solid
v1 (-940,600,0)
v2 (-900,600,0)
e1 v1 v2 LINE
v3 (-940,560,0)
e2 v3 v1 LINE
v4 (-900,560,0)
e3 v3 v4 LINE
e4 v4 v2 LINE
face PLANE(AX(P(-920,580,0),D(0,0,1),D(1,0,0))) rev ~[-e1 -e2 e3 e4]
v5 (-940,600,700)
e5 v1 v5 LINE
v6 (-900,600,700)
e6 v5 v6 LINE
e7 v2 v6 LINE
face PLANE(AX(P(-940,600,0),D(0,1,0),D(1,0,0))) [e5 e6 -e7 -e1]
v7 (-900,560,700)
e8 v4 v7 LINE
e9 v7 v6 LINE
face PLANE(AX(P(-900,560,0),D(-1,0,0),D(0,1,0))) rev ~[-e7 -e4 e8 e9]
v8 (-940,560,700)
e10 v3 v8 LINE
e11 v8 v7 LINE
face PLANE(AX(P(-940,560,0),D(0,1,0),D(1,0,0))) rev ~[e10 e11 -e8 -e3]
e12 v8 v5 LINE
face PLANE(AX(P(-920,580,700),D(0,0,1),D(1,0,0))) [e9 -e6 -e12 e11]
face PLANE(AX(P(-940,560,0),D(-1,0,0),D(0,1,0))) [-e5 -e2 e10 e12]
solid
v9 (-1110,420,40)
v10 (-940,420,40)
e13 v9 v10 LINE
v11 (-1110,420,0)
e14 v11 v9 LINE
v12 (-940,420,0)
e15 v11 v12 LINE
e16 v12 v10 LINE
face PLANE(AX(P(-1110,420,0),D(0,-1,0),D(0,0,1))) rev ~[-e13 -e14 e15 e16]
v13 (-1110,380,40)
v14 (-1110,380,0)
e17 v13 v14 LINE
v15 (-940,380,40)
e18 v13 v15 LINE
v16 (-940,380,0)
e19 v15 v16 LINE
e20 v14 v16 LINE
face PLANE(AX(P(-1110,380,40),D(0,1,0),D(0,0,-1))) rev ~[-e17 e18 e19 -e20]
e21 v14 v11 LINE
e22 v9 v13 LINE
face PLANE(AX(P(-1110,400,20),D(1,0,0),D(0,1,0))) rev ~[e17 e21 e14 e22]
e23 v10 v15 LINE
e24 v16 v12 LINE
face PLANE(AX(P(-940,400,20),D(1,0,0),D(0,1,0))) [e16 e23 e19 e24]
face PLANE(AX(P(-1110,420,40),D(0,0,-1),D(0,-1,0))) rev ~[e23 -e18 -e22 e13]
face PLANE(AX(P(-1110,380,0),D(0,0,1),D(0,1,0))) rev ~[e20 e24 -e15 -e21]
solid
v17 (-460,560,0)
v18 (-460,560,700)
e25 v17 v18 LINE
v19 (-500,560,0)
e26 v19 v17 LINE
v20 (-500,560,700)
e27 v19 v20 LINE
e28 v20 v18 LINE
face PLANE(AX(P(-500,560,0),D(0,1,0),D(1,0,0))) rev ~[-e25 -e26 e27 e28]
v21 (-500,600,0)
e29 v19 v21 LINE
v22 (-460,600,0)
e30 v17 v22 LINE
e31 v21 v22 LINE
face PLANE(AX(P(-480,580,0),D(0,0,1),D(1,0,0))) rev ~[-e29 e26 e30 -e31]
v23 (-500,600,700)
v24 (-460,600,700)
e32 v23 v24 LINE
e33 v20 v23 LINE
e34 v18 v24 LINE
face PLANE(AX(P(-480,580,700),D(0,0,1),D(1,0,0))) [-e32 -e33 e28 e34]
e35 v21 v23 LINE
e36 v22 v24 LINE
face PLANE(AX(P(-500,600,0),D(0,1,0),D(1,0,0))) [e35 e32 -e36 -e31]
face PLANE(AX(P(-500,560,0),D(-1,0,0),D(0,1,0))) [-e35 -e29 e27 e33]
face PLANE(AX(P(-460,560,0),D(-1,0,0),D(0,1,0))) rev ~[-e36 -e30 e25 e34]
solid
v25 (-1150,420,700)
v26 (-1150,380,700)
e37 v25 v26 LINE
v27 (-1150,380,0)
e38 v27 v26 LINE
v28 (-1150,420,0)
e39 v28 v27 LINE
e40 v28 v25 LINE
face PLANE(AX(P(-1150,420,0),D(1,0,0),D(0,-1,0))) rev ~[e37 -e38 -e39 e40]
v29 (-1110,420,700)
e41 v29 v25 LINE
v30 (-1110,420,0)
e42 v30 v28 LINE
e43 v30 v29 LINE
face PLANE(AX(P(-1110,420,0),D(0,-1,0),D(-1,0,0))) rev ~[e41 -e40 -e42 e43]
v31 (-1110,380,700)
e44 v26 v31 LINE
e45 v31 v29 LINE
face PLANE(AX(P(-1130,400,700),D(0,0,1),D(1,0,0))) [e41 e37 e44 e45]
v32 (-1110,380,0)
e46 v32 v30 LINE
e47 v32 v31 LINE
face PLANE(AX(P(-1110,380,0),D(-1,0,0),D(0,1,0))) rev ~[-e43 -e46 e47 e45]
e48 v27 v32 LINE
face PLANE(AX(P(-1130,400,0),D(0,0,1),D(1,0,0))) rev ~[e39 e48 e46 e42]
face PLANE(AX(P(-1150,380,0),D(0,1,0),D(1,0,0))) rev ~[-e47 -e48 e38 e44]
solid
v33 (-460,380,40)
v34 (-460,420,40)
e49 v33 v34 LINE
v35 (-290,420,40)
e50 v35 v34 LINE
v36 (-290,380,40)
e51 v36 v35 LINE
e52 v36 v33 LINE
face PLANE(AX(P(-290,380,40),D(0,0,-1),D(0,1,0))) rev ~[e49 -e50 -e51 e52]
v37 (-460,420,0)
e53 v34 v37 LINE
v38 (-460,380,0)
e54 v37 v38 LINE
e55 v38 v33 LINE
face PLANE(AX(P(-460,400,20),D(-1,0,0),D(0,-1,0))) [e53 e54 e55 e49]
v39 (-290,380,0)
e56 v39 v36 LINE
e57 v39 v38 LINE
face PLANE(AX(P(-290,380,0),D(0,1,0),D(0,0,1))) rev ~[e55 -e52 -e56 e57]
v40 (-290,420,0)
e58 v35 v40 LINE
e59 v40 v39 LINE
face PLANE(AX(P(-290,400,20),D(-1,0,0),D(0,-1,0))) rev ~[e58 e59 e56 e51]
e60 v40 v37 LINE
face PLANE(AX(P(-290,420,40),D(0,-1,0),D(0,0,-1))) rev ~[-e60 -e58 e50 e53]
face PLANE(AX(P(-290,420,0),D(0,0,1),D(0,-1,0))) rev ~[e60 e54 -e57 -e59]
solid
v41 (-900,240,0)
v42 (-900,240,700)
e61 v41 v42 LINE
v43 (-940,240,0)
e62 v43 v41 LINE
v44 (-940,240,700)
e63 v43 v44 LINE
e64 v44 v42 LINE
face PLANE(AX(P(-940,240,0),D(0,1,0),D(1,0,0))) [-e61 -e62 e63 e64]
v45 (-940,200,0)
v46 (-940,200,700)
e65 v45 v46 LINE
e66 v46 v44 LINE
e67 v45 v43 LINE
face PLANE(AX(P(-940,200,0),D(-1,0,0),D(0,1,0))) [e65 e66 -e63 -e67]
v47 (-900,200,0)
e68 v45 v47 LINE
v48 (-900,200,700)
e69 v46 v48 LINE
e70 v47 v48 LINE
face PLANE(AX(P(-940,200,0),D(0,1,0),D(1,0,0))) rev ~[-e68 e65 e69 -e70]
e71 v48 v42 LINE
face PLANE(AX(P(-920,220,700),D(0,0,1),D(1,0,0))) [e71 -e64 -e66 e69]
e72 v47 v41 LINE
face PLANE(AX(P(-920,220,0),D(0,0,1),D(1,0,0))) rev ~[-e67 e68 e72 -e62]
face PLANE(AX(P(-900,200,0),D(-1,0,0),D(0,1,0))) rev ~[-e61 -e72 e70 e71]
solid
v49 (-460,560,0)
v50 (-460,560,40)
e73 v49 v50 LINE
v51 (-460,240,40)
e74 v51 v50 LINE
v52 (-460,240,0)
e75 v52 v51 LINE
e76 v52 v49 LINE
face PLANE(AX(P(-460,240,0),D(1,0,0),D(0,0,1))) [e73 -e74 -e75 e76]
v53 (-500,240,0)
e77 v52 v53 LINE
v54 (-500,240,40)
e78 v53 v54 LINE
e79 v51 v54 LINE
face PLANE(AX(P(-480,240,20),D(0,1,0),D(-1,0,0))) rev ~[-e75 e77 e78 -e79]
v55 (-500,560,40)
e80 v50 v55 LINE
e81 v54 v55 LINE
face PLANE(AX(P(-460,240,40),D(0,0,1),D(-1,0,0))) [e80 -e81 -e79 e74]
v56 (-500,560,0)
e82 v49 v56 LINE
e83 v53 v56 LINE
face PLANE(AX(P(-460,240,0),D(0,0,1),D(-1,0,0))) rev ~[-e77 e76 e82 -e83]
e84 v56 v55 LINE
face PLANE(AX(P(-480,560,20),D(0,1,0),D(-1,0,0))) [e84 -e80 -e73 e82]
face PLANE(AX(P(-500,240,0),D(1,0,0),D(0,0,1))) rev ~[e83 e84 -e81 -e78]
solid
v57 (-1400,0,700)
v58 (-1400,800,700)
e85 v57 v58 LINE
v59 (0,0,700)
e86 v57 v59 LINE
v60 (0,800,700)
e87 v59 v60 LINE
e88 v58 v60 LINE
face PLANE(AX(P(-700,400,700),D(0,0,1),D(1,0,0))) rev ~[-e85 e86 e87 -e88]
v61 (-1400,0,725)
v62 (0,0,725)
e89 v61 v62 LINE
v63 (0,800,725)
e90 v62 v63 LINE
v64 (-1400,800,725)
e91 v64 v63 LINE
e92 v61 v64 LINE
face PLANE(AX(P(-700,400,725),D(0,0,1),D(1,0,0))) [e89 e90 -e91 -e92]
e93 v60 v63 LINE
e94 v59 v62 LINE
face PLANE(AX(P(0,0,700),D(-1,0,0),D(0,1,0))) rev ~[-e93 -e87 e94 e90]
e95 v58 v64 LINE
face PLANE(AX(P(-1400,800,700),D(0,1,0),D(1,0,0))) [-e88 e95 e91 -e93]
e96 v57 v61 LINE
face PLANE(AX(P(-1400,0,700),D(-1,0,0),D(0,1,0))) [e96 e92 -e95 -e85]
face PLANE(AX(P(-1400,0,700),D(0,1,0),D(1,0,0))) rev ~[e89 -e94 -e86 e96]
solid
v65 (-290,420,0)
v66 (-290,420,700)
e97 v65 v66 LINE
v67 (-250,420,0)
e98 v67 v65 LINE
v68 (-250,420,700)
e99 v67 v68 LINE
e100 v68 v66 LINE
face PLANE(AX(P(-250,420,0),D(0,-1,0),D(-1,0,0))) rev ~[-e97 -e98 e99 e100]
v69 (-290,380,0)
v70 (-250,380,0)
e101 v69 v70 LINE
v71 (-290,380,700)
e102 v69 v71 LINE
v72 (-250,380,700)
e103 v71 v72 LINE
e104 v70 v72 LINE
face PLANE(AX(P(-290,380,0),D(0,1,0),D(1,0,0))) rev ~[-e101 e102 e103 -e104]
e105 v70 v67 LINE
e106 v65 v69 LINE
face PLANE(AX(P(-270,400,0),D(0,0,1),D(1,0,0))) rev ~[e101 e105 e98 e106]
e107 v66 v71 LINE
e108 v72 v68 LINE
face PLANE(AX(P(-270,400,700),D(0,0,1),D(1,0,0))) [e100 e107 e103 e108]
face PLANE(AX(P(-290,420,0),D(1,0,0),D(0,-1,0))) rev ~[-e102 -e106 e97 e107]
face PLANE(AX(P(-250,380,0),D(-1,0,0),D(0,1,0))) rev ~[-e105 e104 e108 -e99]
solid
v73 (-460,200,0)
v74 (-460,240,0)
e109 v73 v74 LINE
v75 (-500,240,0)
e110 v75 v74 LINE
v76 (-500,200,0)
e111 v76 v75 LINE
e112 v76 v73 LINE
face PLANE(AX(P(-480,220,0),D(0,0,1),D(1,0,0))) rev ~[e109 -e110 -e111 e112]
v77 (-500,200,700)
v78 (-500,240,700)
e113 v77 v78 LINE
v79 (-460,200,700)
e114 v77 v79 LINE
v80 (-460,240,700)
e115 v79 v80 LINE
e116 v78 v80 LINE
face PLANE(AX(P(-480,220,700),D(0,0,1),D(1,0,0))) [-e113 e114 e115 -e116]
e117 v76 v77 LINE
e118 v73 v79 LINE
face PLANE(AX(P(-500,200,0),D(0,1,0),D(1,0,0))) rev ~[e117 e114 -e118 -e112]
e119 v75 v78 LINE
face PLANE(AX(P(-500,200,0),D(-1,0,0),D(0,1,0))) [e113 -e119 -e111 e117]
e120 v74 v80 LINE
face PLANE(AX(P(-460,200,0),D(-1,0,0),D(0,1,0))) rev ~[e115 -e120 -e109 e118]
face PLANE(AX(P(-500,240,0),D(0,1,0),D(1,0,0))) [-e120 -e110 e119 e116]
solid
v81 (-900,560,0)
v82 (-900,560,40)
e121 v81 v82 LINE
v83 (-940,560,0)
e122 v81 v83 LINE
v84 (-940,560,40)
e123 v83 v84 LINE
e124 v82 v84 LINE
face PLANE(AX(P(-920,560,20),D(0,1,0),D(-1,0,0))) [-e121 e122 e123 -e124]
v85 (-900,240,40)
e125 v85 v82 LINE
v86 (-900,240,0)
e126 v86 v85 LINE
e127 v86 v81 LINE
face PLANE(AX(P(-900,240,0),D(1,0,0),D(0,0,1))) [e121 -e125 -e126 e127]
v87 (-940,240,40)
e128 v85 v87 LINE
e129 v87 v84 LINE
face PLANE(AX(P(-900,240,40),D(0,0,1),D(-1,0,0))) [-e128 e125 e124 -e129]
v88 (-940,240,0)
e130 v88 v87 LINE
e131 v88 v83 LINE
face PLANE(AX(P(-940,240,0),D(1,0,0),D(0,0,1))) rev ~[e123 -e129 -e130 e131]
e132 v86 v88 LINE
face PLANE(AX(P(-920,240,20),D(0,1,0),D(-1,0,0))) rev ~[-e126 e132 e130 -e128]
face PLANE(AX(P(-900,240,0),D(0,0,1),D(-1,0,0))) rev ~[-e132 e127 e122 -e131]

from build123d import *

# Parameters (mm, degrees)
F0_W      = 40
F0_H      = 40
F1_DEPTH  = 700
F3_W      = 40
F3_H      = 40
F4_DEPTH  = 320
F7_DEPTH  = 170
F10_DEPTH = 170
F12_W     = 1400
F12_H     = 800
F13_DEPTH = 25


with BuildPart() as f1:
    # F0 (on Top) → F1 (new body)
    with BuildSketch(Plane.XY):
        with Locations((-920, 580)):
            Rectangle(F0_W, F0_H)
    extrude(amount=F1_DEPTH)


with BuildPart() as f1b:
    # F0 (on Top) → F1, piece 2 (new body)
    with BuildSketch(Plane.XY):
        Polygon((-1150, 420), (-1150, 400), (-1150, 380), (-1110, 380), (-1110, 420), align=None)
    extrude(amount=F1_DEPTH)


with BuildPart() as f1c:
    # F0 (on Top) → F1, piece 3 (new body)
    with BuildSketch(Plane.XY):
        with Locations((-920, 220)):
            Rectangle(F0_W, F0_H)
    extrude(amount=F1_DEPTH)


with BuildPart() as f1d:
    # F0 (on Top) → F1, piece 4 (new body)
    with BuildSketch(Plane.XY):
        Polygon((-250, 400), (-250, 420), (-290, 420), (-290, 380), (-250, 380), align=None)
    extrude(amount=F1_DEPTH)


with BuildPart() as f1e:
    # F0 (on Top) → F1, piece 5 (new body)
    with BuildSketch(Plane.XY):
        with Locations((-480, 580)):
            Rectangle(F0_W, F0_H)
    extrude(amount=F1_DEPTH)


with BuildPart() as f1f:
    # F0 (on Top) → F1, piece 6 (new body)
    with BuildSketch(Plane.XY):
        with Locations((-480, 220)):
            Rectangle(F0_W, F0_H)
    extrude(amount=F1_DEPTH)


with BuildPart() as f4:
    # F3 (on offset) → F4 (new body)
    with BuildSketch(Plane(origin=(0, 240, 0), x_dir=(-1, 0, 0), z_dir=(0, 1, 0))):
        with Locations((480, 20)):
            Rectangle(F3_W, F3_H)
    extrude(amount=F4_DEPTH)


with BuildPart() as f4b:
    # F3 (on offset) → F4, piece 2 (new body)
    with BuildSketch(Plane(origin=(0, 240, 0), x_dir=(-1, 0, 0), z_dir=(0, 1, 0))):
        with Locations((920, 20)):
            Rectangle(F3_W, F3_H)
    extrude(amount=F4_DEPTH)


with BuildPart() as f7:
    # F6 (on offset) → F7 (new body)
    with BuildSketch(Plane(origin=(-290, 0, 0), x_dir=(0, -1, 0), z_dir=(-1, 0, 0))):
        Polygon((-420, 0), (-400, 0), (-380, 0), (-380, 40), (-420, 40), align=None)
    extrude(amount=F7_DEPTH)


with BuildPart() as f10:
    # F9 (on offset) → F10 (new body)
    with BuildSketch(Plane.YZ.offset(-1110)):
        Polygon((380, 0), (400, 0), (420, 0), (420, 40), (380, 40), align=None)
    extrude(amount=F10_DEPTH)


with BuildPart() as f13:
    # F12 (on offset) → F13 (new body)
    with BuildSketch(Plane.XY.offset(700)):
        with Locations((-700, 400)):
            Rectangle(F12_W, F12_H)
    extrude(amount=F13_DEPTH)


solid = Compound([f1.part, f1b.part, f1c.part, f1d.part, f1e.part, f1f.part, f4.part, f4b.part, f7.part, f10.part, f13.part])
